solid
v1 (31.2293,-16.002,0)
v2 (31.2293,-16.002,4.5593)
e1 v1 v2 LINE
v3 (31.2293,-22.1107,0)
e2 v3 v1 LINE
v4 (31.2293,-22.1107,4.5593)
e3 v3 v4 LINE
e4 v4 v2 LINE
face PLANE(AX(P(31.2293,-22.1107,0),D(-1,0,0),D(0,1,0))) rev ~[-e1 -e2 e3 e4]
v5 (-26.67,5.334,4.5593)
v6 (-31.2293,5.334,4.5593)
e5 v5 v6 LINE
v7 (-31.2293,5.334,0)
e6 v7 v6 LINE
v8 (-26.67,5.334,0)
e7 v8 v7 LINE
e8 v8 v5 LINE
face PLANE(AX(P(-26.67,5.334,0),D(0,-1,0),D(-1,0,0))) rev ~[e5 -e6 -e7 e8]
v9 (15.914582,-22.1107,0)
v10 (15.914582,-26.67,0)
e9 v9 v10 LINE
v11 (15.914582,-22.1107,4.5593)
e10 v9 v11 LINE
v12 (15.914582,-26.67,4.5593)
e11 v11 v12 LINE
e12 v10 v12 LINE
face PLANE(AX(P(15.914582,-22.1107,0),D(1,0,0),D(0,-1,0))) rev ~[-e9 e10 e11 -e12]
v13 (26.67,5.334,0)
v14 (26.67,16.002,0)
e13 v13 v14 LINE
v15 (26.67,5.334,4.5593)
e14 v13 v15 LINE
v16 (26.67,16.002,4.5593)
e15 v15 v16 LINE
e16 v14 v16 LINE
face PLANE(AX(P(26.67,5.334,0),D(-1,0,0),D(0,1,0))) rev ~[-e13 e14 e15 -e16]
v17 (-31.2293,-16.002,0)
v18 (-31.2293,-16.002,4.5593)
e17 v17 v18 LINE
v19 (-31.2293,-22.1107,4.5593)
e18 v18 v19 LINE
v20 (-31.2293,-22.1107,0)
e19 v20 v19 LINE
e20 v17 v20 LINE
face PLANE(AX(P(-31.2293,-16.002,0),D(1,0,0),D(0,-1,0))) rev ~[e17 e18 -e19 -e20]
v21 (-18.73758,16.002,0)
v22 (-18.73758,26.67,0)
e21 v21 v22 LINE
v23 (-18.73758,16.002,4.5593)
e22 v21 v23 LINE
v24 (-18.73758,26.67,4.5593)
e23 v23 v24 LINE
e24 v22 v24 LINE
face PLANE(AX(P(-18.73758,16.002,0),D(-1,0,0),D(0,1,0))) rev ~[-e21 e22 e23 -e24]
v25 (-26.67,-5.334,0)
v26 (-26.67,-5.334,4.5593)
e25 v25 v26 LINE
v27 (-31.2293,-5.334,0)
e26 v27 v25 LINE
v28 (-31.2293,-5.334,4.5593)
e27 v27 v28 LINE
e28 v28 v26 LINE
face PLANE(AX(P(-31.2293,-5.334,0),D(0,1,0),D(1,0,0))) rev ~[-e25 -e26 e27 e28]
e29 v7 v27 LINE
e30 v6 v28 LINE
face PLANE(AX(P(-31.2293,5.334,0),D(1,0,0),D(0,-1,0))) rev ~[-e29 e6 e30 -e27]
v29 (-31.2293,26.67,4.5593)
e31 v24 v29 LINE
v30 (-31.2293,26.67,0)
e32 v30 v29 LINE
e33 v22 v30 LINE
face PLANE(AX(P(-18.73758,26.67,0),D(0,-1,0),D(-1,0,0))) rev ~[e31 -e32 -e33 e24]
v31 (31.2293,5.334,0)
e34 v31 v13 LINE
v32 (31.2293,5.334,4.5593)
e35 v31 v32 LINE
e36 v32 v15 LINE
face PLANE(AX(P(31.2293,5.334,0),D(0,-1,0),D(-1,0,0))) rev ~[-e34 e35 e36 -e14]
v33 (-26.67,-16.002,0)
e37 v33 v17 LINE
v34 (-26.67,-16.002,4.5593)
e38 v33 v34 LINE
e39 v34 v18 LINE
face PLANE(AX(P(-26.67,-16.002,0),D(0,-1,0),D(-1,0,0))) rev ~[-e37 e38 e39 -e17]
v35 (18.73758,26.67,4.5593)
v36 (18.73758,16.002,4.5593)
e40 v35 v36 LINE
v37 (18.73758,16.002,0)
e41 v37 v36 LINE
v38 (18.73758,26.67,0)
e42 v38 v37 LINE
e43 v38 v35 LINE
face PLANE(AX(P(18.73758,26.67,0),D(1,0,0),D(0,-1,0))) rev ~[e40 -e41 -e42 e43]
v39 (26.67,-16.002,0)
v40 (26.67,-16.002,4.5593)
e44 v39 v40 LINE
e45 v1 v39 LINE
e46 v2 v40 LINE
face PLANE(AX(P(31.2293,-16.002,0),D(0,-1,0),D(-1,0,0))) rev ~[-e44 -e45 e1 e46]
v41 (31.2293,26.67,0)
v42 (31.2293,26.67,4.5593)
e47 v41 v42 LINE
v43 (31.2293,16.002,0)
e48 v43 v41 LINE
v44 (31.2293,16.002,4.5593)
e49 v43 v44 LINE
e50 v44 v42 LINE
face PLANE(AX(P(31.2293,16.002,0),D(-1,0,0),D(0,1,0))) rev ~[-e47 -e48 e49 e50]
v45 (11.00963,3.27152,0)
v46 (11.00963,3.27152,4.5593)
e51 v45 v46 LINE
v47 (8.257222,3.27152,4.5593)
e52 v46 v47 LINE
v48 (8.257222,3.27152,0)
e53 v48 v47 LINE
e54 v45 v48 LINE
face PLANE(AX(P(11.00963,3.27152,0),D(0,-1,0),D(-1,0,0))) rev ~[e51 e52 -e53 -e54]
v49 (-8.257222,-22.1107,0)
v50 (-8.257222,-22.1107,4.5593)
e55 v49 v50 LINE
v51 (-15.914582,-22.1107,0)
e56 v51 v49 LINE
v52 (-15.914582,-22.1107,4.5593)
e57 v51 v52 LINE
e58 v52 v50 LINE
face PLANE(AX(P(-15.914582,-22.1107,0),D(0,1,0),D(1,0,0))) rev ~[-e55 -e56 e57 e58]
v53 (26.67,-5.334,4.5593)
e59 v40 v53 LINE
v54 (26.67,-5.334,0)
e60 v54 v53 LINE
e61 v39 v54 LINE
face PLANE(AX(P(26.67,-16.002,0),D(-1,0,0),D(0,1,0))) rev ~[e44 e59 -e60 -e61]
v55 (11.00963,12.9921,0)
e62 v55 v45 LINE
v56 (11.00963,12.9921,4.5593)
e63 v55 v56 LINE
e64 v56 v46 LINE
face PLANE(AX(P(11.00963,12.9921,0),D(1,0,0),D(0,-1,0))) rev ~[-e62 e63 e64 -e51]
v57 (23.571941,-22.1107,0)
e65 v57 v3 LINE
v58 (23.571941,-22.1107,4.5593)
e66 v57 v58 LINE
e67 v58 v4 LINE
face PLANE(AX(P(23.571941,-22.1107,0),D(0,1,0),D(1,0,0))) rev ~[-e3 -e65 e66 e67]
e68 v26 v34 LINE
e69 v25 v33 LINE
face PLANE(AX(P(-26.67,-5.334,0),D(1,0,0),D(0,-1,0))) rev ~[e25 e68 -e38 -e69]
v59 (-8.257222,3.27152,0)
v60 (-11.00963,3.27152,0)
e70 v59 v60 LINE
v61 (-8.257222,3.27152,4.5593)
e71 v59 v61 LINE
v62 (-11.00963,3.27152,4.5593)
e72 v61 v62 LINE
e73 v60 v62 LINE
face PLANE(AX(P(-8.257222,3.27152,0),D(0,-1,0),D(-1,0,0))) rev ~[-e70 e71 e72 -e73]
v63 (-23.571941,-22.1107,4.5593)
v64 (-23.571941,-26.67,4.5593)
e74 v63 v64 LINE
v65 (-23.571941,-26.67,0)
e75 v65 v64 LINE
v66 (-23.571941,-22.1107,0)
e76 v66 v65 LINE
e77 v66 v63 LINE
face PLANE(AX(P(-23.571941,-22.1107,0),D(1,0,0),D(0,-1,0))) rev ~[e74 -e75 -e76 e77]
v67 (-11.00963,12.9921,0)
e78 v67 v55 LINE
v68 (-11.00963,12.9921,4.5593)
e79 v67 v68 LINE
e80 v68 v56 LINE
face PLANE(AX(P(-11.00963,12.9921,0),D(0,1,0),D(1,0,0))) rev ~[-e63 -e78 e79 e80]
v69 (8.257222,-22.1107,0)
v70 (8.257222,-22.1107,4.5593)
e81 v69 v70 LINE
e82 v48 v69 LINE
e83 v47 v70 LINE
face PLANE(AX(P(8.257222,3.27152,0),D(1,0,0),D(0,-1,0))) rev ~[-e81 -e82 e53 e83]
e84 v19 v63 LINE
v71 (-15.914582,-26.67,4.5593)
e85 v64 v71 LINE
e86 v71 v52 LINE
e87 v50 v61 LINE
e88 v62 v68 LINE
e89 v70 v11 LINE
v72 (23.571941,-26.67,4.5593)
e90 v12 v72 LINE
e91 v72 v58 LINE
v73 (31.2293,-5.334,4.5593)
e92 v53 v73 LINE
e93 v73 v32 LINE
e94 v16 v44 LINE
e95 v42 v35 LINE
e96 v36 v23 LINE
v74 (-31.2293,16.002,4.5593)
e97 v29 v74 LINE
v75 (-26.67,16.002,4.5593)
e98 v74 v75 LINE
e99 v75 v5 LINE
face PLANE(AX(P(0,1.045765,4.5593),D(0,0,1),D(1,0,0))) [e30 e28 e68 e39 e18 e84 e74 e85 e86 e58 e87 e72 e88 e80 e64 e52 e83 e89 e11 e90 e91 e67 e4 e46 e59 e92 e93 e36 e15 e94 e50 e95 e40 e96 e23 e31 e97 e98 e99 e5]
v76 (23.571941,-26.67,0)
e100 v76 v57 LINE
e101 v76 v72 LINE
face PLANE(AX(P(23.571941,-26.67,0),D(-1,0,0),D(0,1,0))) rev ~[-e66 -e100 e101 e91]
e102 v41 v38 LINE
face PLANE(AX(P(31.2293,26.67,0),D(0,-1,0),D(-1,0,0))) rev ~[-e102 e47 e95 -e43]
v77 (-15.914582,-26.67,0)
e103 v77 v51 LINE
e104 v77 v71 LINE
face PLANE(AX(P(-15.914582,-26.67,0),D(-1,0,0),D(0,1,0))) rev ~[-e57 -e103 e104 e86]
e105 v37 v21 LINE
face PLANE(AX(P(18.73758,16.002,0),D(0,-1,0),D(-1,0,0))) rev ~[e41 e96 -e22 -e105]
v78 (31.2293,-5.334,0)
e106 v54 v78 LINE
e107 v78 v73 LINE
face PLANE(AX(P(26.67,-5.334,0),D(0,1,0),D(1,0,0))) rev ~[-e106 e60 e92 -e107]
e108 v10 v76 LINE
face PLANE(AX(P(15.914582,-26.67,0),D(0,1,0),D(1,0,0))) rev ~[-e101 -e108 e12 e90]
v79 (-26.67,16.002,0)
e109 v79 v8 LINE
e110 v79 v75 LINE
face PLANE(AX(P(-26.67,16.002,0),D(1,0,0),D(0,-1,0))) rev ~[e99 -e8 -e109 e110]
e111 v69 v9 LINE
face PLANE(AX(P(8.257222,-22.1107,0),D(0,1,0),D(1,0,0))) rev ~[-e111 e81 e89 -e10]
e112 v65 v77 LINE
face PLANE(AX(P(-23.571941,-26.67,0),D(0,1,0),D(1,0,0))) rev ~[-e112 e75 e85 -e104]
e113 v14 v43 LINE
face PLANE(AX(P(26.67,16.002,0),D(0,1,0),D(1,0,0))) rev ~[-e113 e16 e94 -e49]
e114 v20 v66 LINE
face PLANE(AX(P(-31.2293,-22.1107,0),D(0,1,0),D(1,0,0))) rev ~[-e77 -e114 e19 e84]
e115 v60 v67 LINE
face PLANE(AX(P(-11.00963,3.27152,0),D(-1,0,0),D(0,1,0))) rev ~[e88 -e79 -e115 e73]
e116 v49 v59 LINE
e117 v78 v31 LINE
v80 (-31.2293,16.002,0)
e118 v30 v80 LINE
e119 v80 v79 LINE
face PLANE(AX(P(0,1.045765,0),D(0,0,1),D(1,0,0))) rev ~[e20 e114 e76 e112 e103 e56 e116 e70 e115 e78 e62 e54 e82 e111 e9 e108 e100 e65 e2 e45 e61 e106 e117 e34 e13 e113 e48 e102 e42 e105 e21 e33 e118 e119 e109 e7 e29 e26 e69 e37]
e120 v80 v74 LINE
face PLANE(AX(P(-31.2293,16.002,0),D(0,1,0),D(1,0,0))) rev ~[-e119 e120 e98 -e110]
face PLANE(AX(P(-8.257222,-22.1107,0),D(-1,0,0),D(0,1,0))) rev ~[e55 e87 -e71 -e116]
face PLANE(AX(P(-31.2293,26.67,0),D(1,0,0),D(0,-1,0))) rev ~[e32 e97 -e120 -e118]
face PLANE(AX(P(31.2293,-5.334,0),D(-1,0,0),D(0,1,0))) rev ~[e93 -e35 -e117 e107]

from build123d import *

# Parameters (mm, degrees)
BOSS_EXTRUDE1_DEPTH = 4.5593


with BuildPart() as part:
    # Sketch1 → Boss-Extrude1 (new body)
    with BuildSketch(Plane.XY):
        Polygon((-31.2293, -16.002), (-31.2293, -22.1107), (-23.571940833, -22.1107), (-23.571940833, -26.67), (-15.914581667, -26.67), (-15.914581667, -22.1107), (-8.2572225, -22.1107), (-8.2572225, 3.27152), (-11.00963, 3.27152), (-11.00963, 12.9921), (11.00963, 12.9921), (11.00963, 3.27152), (8.2572225, 3.27152), (8.2572225, -22.1107), (15.914581667, -22.1107), (15.914581667, -26.67), (23.571940833, -26.67), (23.571940833, -22.1107), (31.2293, -22.1107), (31.2293, -16.002), (26.67, -16.002), (26.67, -5.334), (31.2293, -5.334), (31.2293, 5.334), (26.67, 5.334), (26.67, 16.002), (31.2293, 16.002), (31.2293, 26.67), (18.73758, 26.67), (18.73758, 22.1107), (18.73758, 16.002), (-18.73758, 16.002), (-18.73758, 22.1107), (-18.73758, 26.67), (-31.2293, 26.67), (-31.2293, 16.002), (-26.67, 16.002), (-26.67, 5.334), (-31.2293, 5.334), (-31.2293, -5.334), (-26.67, -5.334), (-26.67, -16.002), align=None)
    extrude(amount=BOSS_EXTRUDE1_DEPTH)


solid = part.part
